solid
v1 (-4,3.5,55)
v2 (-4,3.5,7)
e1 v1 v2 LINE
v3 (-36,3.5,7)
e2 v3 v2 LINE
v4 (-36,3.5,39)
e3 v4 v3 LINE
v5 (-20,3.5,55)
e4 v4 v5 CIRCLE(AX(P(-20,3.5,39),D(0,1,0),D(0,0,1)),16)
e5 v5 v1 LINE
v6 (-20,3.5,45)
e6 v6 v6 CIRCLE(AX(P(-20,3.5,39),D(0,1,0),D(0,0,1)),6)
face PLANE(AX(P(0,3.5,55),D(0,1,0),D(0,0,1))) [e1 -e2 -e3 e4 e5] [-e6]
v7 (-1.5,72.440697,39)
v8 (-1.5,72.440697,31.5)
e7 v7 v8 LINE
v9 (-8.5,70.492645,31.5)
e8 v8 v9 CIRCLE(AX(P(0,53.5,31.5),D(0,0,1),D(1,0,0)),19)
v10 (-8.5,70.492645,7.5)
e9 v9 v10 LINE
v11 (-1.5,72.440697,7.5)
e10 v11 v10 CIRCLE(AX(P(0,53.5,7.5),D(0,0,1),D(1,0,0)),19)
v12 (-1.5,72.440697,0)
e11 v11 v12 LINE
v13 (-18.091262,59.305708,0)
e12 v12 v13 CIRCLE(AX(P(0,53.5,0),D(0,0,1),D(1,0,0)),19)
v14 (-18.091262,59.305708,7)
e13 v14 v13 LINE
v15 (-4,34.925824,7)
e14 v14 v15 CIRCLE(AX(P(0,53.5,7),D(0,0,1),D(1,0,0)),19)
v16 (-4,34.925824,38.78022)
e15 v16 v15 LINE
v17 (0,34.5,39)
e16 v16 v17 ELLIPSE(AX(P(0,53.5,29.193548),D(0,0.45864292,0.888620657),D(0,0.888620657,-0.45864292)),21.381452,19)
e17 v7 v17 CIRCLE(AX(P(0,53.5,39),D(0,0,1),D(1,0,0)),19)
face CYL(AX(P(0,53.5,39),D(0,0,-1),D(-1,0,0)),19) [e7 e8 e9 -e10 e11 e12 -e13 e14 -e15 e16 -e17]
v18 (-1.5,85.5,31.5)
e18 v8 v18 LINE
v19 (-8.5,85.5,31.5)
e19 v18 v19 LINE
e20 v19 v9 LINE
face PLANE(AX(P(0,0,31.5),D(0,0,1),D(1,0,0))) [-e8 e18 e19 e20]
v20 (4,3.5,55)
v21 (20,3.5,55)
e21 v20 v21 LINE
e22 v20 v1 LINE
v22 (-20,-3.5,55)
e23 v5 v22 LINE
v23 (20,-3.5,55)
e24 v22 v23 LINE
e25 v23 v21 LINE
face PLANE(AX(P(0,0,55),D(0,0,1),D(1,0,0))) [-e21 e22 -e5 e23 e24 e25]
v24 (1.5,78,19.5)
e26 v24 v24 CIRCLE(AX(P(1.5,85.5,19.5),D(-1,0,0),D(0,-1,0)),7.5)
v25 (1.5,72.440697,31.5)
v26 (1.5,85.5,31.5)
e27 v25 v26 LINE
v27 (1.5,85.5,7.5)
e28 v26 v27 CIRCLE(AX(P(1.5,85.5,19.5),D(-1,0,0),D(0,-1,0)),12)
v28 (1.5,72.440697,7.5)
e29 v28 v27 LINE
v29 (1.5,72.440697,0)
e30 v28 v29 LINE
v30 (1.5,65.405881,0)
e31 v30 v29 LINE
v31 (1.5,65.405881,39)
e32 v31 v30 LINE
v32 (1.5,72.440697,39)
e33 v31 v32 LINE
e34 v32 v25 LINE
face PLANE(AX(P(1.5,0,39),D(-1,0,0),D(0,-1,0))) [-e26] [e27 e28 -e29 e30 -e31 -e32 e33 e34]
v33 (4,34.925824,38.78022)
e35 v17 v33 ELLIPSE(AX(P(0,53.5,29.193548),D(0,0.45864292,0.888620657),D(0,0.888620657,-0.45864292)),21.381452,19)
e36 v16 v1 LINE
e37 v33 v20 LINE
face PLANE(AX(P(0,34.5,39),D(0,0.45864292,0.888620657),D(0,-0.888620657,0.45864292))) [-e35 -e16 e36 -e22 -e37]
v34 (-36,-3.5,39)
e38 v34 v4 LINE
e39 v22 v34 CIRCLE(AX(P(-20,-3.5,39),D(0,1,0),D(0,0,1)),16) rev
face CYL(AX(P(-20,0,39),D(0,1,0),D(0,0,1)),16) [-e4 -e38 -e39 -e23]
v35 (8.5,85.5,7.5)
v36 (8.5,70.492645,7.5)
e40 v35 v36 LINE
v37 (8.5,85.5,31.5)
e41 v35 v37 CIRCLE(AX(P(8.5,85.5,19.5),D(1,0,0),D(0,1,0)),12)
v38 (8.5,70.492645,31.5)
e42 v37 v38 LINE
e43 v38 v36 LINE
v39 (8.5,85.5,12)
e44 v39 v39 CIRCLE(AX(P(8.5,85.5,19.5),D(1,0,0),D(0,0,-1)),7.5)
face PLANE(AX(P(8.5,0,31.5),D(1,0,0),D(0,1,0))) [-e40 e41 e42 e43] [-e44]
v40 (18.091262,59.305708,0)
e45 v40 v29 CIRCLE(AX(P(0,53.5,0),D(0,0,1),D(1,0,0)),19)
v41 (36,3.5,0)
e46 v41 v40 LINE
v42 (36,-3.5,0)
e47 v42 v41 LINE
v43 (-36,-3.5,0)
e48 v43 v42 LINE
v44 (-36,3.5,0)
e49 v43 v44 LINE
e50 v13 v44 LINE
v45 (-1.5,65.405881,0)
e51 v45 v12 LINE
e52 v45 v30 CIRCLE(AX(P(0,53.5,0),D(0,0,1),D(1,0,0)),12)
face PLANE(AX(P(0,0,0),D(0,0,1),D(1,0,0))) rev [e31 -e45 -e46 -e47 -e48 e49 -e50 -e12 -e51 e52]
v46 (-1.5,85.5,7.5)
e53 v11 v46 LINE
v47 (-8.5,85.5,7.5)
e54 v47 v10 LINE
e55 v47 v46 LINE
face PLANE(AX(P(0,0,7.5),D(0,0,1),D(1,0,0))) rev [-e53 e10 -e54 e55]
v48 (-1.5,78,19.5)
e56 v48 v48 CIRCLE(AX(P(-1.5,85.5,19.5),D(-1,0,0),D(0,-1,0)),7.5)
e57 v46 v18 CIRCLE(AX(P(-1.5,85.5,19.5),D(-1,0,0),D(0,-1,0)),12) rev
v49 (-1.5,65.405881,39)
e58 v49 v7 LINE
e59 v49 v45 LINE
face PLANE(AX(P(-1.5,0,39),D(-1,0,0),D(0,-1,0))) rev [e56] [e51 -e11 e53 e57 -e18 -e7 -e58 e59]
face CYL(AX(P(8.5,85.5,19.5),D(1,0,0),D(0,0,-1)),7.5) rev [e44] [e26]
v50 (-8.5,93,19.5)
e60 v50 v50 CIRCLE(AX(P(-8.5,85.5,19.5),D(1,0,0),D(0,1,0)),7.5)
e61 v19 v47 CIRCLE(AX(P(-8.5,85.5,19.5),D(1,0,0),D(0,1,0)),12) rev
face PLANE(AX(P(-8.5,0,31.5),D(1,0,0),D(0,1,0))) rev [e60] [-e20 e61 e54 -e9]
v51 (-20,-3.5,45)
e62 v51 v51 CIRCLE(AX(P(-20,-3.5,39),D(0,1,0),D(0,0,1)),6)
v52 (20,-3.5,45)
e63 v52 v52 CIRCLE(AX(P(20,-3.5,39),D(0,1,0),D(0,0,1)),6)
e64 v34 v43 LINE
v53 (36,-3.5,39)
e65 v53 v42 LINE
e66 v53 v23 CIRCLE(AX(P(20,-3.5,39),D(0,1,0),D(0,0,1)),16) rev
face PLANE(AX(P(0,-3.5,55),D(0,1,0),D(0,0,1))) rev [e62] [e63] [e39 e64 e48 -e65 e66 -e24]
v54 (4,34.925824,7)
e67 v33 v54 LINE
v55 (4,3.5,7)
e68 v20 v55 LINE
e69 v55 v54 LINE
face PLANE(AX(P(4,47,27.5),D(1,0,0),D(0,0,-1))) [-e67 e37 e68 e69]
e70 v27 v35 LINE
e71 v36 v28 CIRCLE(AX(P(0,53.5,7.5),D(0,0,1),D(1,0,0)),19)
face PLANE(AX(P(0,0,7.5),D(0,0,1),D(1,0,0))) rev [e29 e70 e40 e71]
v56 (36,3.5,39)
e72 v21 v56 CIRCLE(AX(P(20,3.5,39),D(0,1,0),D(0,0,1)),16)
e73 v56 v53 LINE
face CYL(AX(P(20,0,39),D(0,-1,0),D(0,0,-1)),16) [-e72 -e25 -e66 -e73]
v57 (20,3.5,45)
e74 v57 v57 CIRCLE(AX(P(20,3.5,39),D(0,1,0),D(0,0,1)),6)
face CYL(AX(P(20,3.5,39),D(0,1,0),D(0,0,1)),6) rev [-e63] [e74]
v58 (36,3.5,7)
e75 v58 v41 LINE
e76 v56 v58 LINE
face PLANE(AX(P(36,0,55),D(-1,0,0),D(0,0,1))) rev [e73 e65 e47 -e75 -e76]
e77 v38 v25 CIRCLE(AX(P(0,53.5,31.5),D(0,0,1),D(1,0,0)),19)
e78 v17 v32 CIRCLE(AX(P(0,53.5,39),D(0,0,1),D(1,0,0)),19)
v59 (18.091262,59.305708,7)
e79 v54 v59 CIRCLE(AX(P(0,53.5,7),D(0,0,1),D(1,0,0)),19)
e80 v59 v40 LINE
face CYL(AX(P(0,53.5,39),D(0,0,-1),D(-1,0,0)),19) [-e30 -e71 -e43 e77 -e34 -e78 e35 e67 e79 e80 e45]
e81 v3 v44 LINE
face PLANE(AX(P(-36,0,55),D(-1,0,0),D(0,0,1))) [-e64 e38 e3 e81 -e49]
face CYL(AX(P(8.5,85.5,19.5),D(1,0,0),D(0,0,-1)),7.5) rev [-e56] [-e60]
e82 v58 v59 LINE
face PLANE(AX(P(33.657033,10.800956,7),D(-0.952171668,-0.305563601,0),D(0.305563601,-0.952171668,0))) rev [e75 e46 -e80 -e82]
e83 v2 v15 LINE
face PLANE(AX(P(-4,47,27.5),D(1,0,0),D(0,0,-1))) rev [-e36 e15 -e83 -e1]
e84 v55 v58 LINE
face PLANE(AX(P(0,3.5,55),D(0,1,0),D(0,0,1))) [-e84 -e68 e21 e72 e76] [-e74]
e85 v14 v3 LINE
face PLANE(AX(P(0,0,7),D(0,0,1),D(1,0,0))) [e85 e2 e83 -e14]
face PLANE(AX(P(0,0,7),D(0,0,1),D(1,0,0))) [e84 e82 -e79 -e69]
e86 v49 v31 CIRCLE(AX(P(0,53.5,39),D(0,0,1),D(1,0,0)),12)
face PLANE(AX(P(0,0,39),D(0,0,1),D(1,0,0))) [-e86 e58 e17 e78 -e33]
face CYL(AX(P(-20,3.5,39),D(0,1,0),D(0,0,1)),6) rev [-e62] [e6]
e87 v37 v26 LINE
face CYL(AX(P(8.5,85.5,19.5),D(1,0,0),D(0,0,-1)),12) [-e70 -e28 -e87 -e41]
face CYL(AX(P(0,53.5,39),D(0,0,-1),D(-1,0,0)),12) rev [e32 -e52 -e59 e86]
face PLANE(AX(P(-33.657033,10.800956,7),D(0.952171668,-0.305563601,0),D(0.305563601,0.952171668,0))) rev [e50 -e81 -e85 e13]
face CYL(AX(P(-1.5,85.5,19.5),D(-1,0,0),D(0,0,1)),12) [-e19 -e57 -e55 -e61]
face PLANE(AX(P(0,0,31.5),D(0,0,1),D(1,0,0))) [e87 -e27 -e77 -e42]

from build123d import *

# Parameters (mm, degrees)
SKETCH1_W                  = 72
SKETCH1_H                  = 7
BOSS_EXTRUDE1_DEPTH        = 55
BOSS_EXTRUDE2_DEPTH        = 7
BOSS_EXTRUDE3_DEPTH        = 39
BOSS_EXTRUDE4_START        = 7.5
BOSS_EXTRUDE4_DEPTH        = 24
FILLET1_RADIUS             = 12
FILLET1_LENGTH             = 7
FILLET2_RADIUS             = 12
FILLET2_LENGTH             = 7
F_1_0MM_DOWEL_HOLE1_D      = 15
RIB1_REACH                 = 119.589
SKETCH4_WALL_W             = 272.06418258
SKETCH4_WALL_H             = 8
FILLET3_R                  = 16
F_12_0MM_DOWEL_HOLE1_D     = 12
F_12_0MM_DOWEL_HOLE1_DEPTH = 7


with BuildPart() as part:
    # Sketch1 → Boss-Extrude1 (new body)
    with BuildSketch(Plane.XY):
        Rectangle(SKETCH1_W, SKETCH1_H)
    extrude(amount=BOSS_EXTRUDE1_DEPTH)

    # Sketch1<3> → Boss-Extrude2 (add)
    with BuildSketch(Plane.XY):
        with BuildLine():
            ThreePointArc((19, 53.5), (-2.93819909, 34.728559296), (-18.091261695, 59.305708421))
            Line((-18.091261695, 59.305708421), (-36, 3.5))
            Line((-36, 3.5), (36, 3.5))
            Line((36, 3.5), (18.091261695, 59.305708421))
            ThreePointArc((18.091261695, 59.305708421), (18.771440704, 56.43819909), (19, 53.5))
        make_face()
    extrude(amount=BOSS_EXTRUDE2_DEPTH)

    # Sketch1<4> → Boss-Extrude3 (add)
    with BuildSketch(Plane.XY):
        with BuildLine():
            ThreePointArc((-8.5, 70.492645468), (-14.424308987, 65.866863395), (-18.091261695, 59.305708421))
            ThreePointArc((-18.091261695, 59.305708421), (-2.93819909, 34.728559296), (19, 53.5))
            ThreePointArc((19, 53.5), (18.771440704, 56.43819909), (18.091261695, 59.305708421))
            ThreePointArc((18.091261695, 59.305708421), (14.424308987, 65.866863395), (8.5, 70.492645468))
            ThreePointArc((8.5, 70.492645468), (5.093989215, 71.80440586), (1.5, 72.440696925))
            Line((1.5, 72.440696925), (1.5, 65.4058809))
            ThreePointArc((1.5, 65.4058809), (9, 61.437253933), (12, 53.5))
            ThreePointArc((12, 53.5), (-7.937253933, 44.5), (-1.5, 65.4058809))
            Line((-1.5, 65.4058809), (-1.5, 72.440696925))
            ThreePointArc((-1.5, 72.440696925), (-5.093989215, 71.80440586), (-8.5, 70.492645468))
        make_face()
    extrude(amount=BOSS_EXTRUDE3_DEPTH)

    # Sketch1<5> → Boss-Extrude4 (add)
    with BuildSketch(Plane.XY.offset(BOSS_EXTRUDE4_START)):
        with BuildLine():
            Line((1.5, 97.5), (1.5, 72.440696925))
            ThreePointArc((1.5, 72.440696925), (5.093989215, 71.80440586), (8.5, 70.492645468))
            Line((8.5, 70.492645468), (8.5, 97.5))
            Line((8.5, 97.5), (1.5, 97.5))
        make_face()
        with BuildLine():
            Line((-8.5, 97.5), (-8.5, 70.492645468))
            ThreePointArc((-8.5, 70.492645468), (-5.093989215, 71.80440586), (-1.5, 72.440696925))
            Line((-1.5, 72.440696925), (-1.5, 97.5))
            Line((-1.5, 97.5), (-8.5, 97.5))
        make_face()
    extrude(amount=BOSS_EXTRUDE4_DEPTH)

    # Fillet1: full round fillet: the end face becomes a half cylinder, R = half its width
    fillet1_face = Plane((5, 97.5, 19.5), x_dir=(1, 0, 0), z_dir=(0, 1, 0))  # on the end face: x along it, z out of the body
    fillet1_slab = fillet1_face.offset(-FILLET1_RADIUS / 2) * Box(FILLET1_LENGTH, 2 * FILLET1_RADIUS, FILLET1_RADIUS, mode=Mode.PRIVATE)  # the body's end, R deep
    fillet1_round = Plane((5, 85.5, 19.5), x_dir=(0, 1, 0), z_dir=(1, 0, 0)) * Cylinder(FILLET1_RADIUS, FILLET1_LENGTH, mode=Mode.PRIVATE)  # its axis R under the face
    add(fillet1_slab - fillet1_round, mode=Mode.SUBTRACT)

    # Fillet2: full round fillet: the end face becomes a half cylinder, R = half its width
    fillet2_face = Plane((-5, 97.5, 19.5), x_dir=(-1, 0, 0), z_dir=(0, 1, 0))  # on the end face: x along it, z out of the body
    fillet2_slab = fillet2_face.offset(-FILLET2_RADIUS / 2) * Box(FILLET2_LENGTH, 2 * FILLET2_RADIUS, FILLET2_RADIUS, mode=Mode.PRIVATE)  # the body's end, R deep
    fillet2_round = Plane((-5, 85.5, 19.5), x_dir=(0, 1, 0), z_dir=(-1, 0, 0)) * Cylinder(FILLET2_RADIUS, FILLET2_LENGTH, mode=Mode.PRIVATE)  # its axis R under the face
    add(fillet2_slab - fillet2_round, mode=Mode.SUBTRACT)

    # Ø1.0mm Dowel Hole1 (through all)
    with Locations(Plane(origin=(8.5, 0, 0), x_dir=(0, 0, -1), z_dir=(1, 0, 0))):
        with Locations((-19.5, 85.5)):
            Hole(F_1_0MM_DOWEL_HOLE1_D / 2)

    # Sketch4 wall → Rib1 (add, up to next)
    with BuildSketch(Plane(origin=(0, 19, 47), x_dir=(0, -0.888620657055, 0.45864291977), z_dir=(0, -0.45864291977, -0.888620657055)), mode=Mode.PRIVATE) as rib1_sk1:
        Rectangle(SKETCH4_WALL_W, SKETCH4_WALL_H)
    rib1_tool1 = extrude(rib1_sk1.sketch, amount=RIB1_REACH, mode=Mode.PRIVATE) - part.part
    add(rib1_tool1.solids().sort_by_distance((0, 19, 47))[0])

    # Fillet3
    fillet3_edges = [part.edges().sort_by_distance(p)[0] for p in [
        (36, 0, 55),
        (-36, 0, 55),
    ]]
    fillet(fillet3_edges, radius=FILLET3_R)

    # Ø12.0mm Dowel Hole1
    with Locations(Plane(origin=(0, 3.5, 0), x_dir=(1, 0, 0), z_dir=(0, 1, 0))):
        with Locations((20, -39), (-20, -39)):
            Hole(F_12_0MM_DOWEL_HOLE1_D / 2, depth=F_12_0MM_DOWEL_HOLE1_DEPTH)


solid = part.part
